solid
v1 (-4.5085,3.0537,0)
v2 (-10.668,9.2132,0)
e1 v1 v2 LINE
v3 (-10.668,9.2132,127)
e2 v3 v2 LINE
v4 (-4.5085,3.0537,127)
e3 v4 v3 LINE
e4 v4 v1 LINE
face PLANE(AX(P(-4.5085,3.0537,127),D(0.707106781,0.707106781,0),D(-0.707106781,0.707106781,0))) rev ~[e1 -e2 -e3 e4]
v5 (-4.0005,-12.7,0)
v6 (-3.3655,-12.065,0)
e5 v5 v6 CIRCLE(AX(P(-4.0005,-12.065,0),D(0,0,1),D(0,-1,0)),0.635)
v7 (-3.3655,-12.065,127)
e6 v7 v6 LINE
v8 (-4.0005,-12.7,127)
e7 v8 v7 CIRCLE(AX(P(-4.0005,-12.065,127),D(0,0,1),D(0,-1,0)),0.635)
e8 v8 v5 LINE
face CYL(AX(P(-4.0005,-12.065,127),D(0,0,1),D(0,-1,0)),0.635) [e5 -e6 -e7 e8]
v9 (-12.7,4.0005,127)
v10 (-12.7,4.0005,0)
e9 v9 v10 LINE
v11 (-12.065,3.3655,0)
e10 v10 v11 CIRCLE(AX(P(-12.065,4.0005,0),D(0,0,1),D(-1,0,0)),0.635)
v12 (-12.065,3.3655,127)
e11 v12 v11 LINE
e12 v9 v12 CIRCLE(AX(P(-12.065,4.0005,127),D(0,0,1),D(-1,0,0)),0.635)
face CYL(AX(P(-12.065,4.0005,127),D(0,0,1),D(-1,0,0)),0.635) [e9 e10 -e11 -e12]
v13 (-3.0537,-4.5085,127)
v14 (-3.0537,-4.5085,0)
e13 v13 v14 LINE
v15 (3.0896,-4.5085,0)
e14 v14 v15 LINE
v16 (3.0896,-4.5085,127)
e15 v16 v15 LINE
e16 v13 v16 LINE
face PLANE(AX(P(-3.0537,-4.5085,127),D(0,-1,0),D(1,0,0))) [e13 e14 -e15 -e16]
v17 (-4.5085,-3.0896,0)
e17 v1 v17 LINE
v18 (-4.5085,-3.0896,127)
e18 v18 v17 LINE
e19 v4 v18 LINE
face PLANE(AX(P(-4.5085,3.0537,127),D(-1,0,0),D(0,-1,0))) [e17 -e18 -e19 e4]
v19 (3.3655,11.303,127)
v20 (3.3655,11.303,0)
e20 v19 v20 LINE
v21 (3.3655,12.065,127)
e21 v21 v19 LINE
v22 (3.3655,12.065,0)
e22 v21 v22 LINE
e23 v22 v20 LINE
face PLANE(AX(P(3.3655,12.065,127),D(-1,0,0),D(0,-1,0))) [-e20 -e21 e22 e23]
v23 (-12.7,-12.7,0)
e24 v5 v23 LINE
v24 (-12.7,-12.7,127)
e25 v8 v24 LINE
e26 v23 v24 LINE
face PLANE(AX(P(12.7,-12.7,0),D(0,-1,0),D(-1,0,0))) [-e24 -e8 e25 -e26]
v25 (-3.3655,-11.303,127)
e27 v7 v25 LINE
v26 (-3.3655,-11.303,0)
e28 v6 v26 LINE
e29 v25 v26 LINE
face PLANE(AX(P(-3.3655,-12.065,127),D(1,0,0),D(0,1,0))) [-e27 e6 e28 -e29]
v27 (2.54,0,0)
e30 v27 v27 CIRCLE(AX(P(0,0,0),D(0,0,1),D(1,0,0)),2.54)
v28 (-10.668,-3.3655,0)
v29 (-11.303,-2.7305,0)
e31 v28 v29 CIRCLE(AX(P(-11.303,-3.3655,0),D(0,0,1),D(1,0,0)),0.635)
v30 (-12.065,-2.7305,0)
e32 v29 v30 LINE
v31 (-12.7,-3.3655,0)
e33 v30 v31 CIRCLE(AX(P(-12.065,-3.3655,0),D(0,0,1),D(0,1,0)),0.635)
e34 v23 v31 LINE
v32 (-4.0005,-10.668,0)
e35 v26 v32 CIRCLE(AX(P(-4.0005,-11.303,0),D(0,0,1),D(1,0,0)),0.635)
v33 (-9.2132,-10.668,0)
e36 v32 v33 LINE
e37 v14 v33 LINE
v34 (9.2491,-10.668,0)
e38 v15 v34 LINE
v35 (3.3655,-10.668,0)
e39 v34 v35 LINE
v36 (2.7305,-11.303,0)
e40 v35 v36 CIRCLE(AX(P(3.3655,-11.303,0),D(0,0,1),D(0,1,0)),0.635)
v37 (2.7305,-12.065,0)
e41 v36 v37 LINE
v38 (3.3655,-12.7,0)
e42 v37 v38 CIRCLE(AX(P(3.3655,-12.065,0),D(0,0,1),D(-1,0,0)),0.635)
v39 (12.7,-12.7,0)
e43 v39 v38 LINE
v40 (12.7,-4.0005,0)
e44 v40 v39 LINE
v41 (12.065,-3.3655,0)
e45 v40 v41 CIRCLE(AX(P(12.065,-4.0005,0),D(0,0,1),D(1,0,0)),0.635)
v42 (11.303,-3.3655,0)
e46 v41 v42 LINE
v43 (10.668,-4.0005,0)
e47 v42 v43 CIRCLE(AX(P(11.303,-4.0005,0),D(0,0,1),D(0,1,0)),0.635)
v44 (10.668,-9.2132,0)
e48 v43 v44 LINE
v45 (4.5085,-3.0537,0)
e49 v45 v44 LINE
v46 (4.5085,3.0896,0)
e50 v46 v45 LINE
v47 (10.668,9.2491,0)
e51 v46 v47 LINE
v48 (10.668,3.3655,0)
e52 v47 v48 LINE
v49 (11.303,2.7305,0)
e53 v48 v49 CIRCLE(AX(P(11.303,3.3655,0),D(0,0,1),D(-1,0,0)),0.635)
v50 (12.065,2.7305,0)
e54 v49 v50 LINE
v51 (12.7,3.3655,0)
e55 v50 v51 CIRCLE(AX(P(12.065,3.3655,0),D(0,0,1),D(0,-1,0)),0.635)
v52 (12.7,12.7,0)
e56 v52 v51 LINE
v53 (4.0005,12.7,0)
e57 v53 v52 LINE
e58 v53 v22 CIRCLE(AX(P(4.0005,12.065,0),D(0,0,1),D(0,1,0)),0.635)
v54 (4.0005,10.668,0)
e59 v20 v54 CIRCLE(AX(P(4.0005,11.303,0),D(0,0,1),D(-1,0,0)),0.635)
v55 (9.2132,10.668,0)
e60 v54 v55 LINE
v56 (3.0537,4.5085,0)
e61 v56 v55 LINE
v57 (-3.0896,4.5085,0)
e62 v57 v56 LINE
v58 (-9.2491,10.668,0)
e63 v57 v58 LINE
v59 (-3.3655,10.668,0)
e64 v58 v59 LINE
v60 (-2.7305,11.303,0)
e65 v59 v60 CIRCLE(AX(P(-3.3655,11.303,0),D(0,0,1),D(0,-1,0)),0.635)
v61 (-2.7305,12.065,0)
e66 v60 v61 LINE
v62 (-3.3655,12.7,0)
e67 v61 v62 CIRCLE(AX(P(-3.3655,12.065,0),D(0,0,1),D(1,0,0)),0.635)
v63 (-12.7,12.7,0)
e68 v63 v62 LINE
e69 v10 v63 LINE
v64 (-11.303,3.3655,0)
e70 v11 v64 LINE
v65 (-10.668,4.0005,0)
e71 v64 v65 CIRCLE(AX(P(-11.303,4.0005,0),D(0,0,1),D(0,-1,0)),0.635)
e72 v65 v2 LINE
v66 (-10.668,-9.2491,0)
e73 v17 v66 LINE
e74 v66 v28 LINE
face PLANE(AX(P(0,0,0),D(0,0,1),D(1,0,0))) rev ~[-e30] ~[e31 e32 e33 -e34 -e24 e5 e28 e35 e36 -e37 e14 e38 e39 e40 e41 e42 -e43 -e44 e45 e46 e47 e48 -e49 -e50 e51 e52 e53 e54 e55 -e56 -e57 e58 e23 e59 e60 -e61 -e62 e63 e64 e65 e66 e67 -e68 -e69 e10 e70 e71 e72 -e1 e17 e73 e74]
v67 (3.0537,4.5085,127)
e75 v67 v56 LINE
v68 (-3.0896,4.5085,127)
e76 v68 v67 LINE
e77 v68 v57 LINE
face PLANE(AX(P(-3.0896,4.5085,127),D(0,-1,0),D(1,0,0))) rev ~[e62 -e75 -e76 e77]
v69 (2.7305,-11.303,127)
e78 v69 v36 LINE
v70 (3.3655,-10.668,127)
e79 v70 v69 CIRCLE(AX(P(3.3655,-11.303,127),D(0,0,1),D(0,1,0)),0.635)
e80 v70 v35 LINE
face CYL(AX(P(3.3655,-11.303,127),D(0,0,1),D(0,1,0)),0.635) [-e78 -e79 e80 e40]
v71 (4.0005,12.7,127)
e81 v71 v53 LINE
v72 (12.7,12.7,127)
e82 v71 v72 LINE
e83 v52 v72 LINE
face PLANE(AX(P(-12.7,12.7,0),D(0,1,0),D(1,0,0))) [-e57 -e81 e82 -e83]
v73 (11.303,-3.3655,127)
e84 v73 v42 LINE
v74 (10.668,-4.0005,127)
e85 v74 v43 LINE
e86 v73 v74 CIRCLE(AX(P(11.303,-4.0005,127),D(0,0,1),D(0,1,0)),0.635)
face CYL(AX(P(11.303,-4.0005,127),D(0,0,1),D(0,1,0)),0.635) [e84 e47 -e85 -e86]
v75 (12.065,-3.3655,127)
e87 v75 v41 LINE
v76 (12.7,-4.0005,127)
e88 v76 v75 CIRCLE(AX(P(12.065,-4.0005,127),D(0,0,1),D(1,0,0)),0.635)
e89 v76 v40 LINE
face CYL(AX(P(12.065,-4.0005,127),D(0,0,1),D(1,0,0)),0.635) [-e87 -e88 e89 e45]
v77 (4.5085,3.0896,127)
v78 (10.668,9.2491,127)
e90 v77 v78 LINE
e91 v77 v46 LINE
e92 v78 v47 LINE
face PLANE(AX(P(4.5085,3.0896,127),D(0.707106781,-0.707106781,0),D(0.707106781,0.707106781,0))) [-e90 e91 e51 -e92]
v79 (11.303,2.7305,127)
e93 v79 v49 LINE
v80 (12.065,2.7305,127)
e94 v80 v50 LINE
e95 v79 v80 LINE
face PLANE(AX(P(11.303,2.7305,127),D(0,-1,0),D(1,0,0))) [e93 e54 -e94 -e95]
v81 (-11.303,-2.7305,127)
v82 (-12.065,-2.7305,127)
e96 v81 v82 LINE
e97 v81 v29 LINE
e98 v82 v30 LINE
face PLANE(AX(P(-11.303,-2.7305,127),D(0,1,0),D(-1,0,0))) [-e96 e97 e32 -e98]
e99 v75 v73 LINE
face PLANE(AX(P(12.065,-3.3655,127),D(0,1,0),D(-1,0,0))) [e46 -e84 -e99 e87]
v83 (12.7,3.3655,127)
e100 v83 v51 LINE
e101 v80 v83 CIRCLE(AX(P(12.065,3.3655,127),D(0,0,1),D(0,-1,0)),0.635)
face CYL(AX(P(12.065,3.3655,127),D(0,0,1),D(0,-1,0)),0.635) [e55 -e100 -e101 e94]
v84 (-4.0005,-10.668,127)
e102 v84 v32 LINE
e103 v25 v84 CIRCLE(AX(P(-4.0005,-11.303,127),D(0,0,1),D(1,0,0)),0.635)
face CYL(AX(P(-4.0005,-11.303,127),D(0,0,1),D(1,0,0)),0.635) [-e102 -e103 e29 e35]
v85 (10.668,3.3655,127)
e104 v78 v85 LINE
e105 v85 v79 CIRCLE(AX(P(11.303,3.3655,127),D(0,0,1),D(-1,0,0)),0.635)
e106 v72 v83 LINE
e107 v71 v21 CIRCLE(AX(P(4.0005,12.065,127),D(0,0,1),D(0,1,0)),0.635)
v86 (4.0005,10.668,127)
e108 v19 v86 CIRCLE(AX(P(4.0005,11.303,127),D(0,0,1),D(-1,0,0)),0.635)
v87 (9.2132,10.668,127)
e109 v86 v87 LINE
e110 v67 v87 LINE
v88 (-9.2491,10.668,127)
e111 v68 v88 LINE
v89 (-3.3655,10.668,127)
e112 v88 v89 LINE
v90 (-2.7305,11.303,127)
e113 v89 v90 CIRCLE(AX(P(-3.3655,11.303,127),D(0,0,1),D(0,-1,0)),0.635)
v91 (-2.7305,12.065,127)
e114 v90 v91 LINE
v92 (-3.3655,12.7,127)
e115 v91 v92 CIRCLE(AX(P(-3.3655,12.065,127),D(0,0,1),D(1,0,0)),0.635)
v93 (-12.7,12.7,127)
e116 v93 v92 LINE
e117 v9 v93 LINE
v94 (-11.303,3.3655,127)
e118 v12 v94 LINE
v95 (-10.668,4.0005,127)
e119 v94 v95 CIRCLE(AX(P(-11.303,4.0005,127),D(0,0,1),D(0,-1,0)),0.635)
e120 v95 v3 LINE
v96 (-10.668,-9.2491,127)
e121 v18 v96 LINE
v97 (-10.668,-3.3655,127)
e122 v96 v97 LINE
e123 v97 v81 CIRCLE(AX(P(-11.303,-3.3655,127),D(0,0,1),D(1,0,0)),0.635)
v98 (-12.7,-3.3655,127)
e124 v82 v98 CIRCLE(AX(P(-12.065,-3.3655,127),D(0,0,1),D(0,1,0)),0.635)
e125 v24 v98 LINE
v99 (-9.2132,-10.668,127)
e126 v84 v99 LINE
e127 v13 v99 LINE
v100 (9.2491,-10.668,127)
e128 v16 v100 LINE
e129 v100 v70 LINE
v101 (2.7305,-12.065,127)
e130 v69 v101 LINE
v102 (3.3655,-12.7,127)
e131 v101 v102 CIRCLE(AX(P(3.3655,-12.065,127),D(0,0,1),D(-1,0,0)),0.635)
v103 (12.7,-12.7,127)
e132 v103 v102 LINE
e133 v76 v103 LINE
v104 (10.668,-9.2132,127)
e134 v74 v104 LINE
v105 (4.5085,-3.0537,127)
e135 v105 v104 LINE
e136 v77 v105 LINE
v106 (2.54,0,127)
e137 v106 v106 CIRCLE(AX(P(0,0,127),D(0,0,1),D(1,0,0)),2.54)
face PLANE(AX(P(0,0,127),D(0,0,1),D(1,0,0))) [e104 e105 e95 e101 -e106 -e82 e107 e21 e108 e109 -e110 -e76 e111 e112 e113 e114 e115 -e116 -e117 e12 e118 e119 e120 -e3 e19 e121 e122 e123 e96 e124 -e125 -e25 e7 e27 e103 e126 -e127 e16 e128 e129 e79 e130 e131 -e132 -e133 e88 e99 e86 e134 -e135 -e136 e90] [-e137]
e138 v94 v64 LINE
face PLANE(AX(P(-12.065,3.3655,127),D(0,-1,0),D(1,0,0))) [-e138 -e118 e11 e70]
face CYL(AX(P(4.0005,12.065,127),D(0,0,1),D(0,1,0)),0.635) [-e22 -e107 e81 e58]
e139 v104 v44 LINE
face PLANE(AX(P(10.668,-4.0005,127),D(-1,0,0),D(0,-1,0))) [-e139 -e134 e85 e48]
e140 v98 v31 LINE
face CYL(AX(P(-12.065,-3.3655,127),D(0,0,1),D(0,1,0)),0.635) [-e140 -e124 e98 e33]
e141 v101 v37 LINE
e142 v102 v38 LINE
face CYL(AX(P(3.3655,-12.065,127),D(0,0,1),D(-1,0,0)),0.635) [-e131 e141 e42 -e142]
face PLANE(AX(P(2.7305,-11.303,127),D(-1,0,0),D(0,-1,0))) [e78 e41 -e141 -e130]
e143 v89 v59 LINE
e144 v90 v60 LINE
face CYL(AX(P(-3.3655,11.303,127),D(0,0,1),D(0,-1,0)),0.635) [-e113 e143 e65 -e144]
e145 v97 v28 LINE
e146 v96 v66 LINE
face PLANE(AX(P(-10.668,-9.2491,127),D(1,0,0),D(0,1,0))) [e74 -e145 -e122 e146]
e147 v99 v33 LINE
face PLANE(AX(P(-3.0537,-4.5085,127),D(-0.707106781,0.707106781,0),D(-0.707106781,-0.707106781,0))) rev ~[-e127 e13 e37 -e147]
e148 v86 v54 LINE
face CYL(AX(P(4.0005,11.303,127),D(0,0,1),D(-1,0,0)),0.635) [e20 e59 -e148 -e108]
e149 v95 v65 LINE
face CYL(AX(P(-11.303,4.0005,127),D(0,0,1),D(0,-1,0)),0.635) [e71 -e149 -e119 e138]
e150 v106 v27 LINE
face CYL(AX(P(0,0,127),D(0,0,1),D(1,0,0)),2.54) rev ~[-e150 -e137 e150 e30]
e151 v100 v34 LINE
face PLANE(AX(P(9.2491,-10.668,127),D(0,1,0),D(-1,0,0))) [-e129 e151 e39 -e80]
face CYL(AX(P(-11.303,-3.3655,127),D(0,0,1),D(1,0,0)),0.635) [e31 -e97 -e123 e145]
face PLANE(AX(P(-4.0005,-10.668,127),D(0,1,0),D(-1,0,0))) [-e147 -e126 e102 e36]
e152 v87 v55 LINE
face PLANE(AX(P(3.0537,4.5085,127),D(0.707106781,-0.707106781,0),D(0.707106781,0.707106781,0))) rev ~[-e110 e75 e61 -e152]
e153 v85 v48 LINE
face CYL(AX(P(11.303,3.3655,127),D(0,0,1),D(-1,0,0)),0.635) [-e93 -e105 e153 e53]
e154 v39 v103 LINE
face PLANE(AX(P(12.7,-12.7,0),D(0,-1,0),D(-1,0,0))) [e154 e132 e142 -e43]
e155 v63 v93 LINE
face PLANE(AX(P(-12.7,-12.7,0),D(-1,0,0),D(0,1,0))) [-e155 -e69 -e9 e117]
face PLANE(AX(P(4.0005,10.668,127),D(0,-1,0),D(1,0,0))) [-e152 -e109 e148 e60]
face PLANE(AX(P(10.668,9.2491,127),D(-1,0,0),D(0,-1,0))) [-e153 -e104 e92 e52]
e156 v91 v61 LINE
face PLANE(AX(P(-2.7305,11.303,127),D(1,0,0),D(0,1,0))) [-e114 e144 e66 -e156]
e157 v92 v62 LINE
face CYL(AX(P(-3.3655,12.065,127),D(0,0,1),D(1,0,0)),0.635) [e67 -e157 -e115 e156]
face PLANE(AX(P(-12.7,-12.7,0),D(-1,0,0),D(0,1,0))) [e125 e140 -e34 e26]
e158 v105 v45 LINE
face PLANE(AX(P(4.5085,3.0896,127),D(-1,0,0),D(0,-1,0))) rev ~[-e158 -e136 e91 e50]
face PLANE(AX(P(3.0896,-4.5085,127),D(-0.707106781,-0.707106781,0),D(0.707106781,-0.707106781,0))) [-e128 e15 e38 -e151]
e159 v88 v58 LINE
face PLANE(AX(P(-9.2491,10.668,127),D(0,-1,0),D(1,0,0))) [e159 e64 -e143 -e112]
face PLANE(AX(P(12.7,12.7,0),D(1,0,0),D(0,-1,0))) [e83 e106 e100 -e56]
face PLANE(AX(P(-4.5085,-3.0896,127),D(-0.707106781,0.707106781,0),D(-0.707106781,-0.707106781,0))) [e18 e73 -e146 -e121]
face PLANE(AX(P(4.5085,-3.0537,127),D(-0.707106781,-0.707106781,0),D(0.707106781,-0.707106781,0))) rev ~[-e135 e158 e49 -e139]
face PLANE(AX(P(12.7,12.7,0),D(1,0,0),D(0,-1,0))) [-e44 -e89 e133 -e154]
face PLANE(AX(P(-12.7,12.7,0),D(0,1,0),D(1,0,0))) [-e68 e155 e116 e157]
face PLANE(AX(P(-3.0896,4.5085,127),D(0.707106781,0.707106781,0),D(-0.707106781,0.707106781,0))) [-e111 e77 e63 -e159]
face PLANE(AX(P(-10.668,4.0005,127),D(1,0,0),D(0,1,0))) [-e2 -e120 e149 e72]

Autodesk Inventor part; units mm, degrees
ref_plane "YZ Plane" through (0, 0, 0) normal (1, 0, 0) x (0, 1, 0)
ref_plane "XZ Plane" through (0, 0, 0) normal (0, 1, 0) x (-1, 0, 0)
ref_plane "XY Plane" through (0, 0, 0) normal (0, 0, 1) x (1, 0, 0)
sketch "Sketch1" plane through (0, 0, 0) normal (0, 0, 1) x (1, 0, 0)
  line L0 (-12.7, 12.7) -> (12.7, 12.7)
  line L1 (12.7, 12.7) -> (12.7, -12.7)
  line L2 (12.7, -12.7) -> (-12.7, -12.7)
  line L3 (-12.7, -12.7) -> (-12.7, 12.7)
  point P0 (0, 0)
  dimension "d0" = 25.4
  dimension "d1" = 25.4
  dimension "d2" = 12.7
  dimension "d3" = 12.7
extrude "Extrusion1" add sketch "Sketch1" along normal blind 127
sketch "Sketch2" plane through (0, 0, 127) normal (0, 0, 1) x (1, 0, 0)
  circle A0 centre (0, 0) radius 2.54
  line L0 (-4.5085, 4.5085) -> (4.5085, 4.5085)
  line L1 (-4.5085, -4.5085) -> (4.5085, -4.5085)
  line L2 (4.5085, 4.5085) -> (4.5085, -4.5085)
  line L3 (-4.5085, 4.5085) -> (-4.5085, -4.5085)
  line L4 (-3.0896, 4.5085) -> (-11.2811, 12.7)
  line L5 (-4.5085, 3.0537) -> (-12.7, 11.2452)
  line L6 (12.7, 12.7) -> (-12.7, 12.7) projected
  line L7 (-12.7, 12.7) -> (-12.7, 4.0005)
  line L8 (-10.668, 4.0005) -> (-10.668, 9.2132)
  line L9 (-9.2491, 10.668) -> (-3.3655, 10.668)
  line L10 (-12.7, 12.7) -> (-3.3655, 12.7)
  line L11 (-2.7305, 11.303) -> (-2.7305, 12.065)
  line L12 (-12.065, 3.3655) -> (-11.303, 3.3655)
  arc A1 (-12.7, 4.0005) -> (-12.065, 3.3655) centre (-12.065, 4.0005) ccw
  arc A2 (-11.303, 3.3655) -> (-10.668, 4.0005) centre (-11.303, 4.0005) ccw
  arc A3 (-3.3655, 10.668) -> (-2.7305, 11.303) centre (-3.3655, 11.303) ccw
  arc A4 (-2.7305, 12.065) -> (-3.3655, 12.7) centre (-3.3655, 12.065) ccw
  arc A5 (-3.3655, -11.303) -> (-4.0005, -10.668) centre (-4.0005, -11.303) ccw
  line L13 (-3.3655, -12.065) -> (-3.3655, -11.303)
  arc A6 (-4.0005, -12.7) -> (-3.3655, -12.065) centre (-4.0005, -12.065) ccw
  line L14 (-3.0537, -4.5085) -> (-11.2452, -12.7)
  line L15 (-10.668, -9.2491) -> (-10.668, -3.3655)
  line L16 (-4.5085, -3.0896) -> (-12.7, -11.2811)
  line L17 (-12.7, -12.7) -> (-12.7, -3.3655)
  arc A7 (-10.668, -3.3655) -> (-11.303, -2.7305) centre (-11.303, -3.3655) ccw
  line L18 (-11.303, -2.7305) -> (-12.065, -2.7305)
  arc A8 (-12.065, -2.7305) -> (-12.7, -3.3655) centre (-12.065, -3.3655) ccw
  line L19 (-4.0005, -10.668) -> (-9.2132, -10.668)
  line L20 (-12.7, -12.7) -> (-4.0005, -12.7)
  arc A9 (11.303, -3.3655) -> (10.668, -4.0005) centre (11.303, -4.0005) ccw
  line L21 (12.065, -3.3655) -> (11.303, -3.3655)
  arc A10 (12.7, -4.0005) -> (12.065, -3.3655) centre (12.065, -4.0005) ccw
  line L22 (4.5085, -3.0537) -> (12.7, -11.2452)
  line L23 (9.2491, -10.668) -> (3.3655, -10.668)
  line L24 (3.0896, -4.5085) -> (11.2811, -12.7)
  line L25 (12.7, -12.7) -> (3.3655, -12.7)
  arc A11 (3.3655, -10.668) -> (2.7305, -11.303) centre (3.3655, -11.303) ccw
  line L26 (2.7305, -11.303) -> (2.7305, -12.065)
  arc A12 (2.7305, -12.065) -> (3.3655, -12.7) centre (3.3655, -12.065) ccw
  line L27 (10.668, -4.0005) -> (10.668, -9.2132)
  line L28 (12.7, -12.7) -> (12.7, -4.0005)
  arc A13 (3.3655, 11.303) -> (4.0005, 10.668) centre (4.0005, 11.303) ccw
  line L29 (3.3655, 12.065) -> (3.3655, 11.303)
  arc A14 (4.0005, 12.7) -> (3.3655, 12.065) centre (4.0005, 12.065) ccw
  line L30 (3.0537, 4.5085) -> (11.2452, 12.7)
  line L31 (10.668, 9.2491) -> (10.668, 3.3655)
  line L32 (4.5085, 3.0896) -> (12.7, 11.2811)
  line L33 (12.7, 12.7) -> (12.7, 3.3655)
  arc A15 (10.668, 3.3655) -> (11.303, 2.7305) centre (11.303, 3.3655) ccw
  line L34 (11.303, 2.7305) -> (12.065, 2.7305)
  arc A16 (12.065, 2.7305) -> (12.7, 3.3655) centre (12.065, 3.3655) ccw
  line L35 (4.0005, 10.668) -> (9.2132, 10.668)
  line L36 (12.7, 12.7) -> (4.0005, 12.7)
  line L37 (-4.5085, 3.0537) -> (-4.5085, 4.5085)
  line L38 (-3.0896, 4.5085) -> (-4.5085, 4.5085)
  line L39 (-12.7, -12.7) -> (-4.0005, -12.7)
  line L40 (-4.0005, -10.668) -> (-9.2132, -10.668)
  line L41 (-10.668, -9.2491) -> (-10.668, -3.3655)
  line L42 (-12.7, -12.7) -> (-12.7, -3.3655)
  line L43 (-11.303, -2.7305) -> (-12.065, -2.7305)
  arc A17 (-10.668, -3.3655) -> (-11.303, -2.7305) centre (-11.303, -3.3655) ccw
  arc A18 (-12.065, -2.7305) -> (-12.7, -3.3655) centre (-12.065, -3.3655) ccw
  line L44 (-4.5085, -3.0896) -> (-4.5085, -4.5085)
  line L45 (-4.5085, -3.0896) -> (-12.7, -11.2811)
  line L46 (-3.0537, -4.5085) -> (-4.5085, -4.5085)
  line L47 (-3.0537, -4.5085) -> (-11.2452, -12.7)
  line L48 (-4.5085, -4.5085) -> (-4.5085, 4.5085)
  circle A19 centre (0, 0) radius 2.54
  line L49 (-4.5085, -4.5085) -> (4.5085, -4.5085)
  line L50 (-3.3655, -12.065) -> (-3.3655, -11.303)
  arc A20 (-4.0005, -12.7) -> (-3.3655, -12.065) centre (-4.0005, -12.065) ccw
  arc A21 (-3.3655, -11.303) -> (-4.0005, -10.668) centre (-4.0005, -11.303) ccw
  line L51 (12.7, -12.7) -> (12.7, -4.0005)
  line L52 (10.668, -4.0005) -> (10.668, -9.2132)
  line L53 (9.2491, -10.668) -> (3.3655, -10.668)
  line L54 (12.7, -12.7) -> (3.3655, -12.7)
  line L55 (2.7305, -11.303) -> (2.7305, -12.065)
  arc A22 (3.3655, -10.668) -> (2.7305, -11.303) centre (3.3655, -11.303) ccw
  arc A23 (2.7305, -12.065) -> (3.3655, -12.7) centre (3.3655, -12.065) ccw
  line L56 (3.0896, -4.5085) -> (4.5085, -4.5085)
  line L57 (3.0896, -4.5085) -> (11.2811, -12.7)
  line L58 (4.5085, -3.0537) -> (4.5085, -4.5085)
  line L59 (4.5085, -3.0537) -> (12.7, -11.2452)
  line L60 (4.5085, -4.5085) -> (-4.5085, -4.5085)
  circle A24 centre (0, 0) radius 2.54
  line L61 (4.5085, -4.5085) -> (4.5085, 4.5085)
  line L62 (12.065, -3.3655) -> (11.303, -3.3655)
  arc A25 (12.7, -4.0005) -> (12.065, -3.3655) centre (12.065, -4.0005) ccw
  arc A26 (11.303, -3.3655) -> (10.668, -4.0005) centre (11.303, -4.0005) ccw
  line L63 (12.7, 12.7) -> (4.0005, 12.7)
  line L64 (4.0005, 10.668) -> (9.2132, 10.668)
  line L65 (10.668, 9.2491) -> (10.668, 3.3655)
  line L66 (12.7, 12.7) -> (12.7, 3.3655)
  line L67 (11.303, 2.7305) -> (12.065, 2.7305)
  arc A27 (10.668, 3.3655) -> (11.303, 2.7305) centre (11.303, 3.3655) ccw
  arc A28 (12.065, 2.7305) -> (12.7, 3.3655) centre (12.065, 3.3655) ccw
  line L68 (4.5085, 3.0896) -> (4.5085, 4.5085)
  line L69 (4.5085, 3.0896) -> (12.7, 11.2811)
  line L70 (3.0537, 4.5085) -> (4.5085, 4.5085)
  line L71 (3.0537, 4.5085) -> (11.2452, 12.7)
  line L72 (4.5085, 4.5085) -> (4.5085, -4.5085)
  circle A29 centre (0, 0) radius 2.54
  line L73 (4.5085, 4.5085) -> (-4.5085, 4.5085)
  line L74 (3.3655, 12.065) -> (3.3655, 11.303)
  arc A30 (4.0005, 12.7) -> (3.3655, 12.065) centre (4.0005, 12.065) ccw
  arc A31 (3.3655, 11.303) -> (4.0005, 10.668) centre (4.0005, 11.303) ccw
  point P0 (-12.7, 3.3655)
  point P1 (-2.7305, 12.7)
  point P2 (-3.3655, -12.7)
  point P3 (-12.7, -2.7305)
  point P4 (12.7, -3.3655)
  point P5 (2.7305, -12.7)
  point P6 (3.3655, 12.7)
  point P7 (12.7, 2.7305)
  point P8 (-3.3655, -12.7)
  point P9 (-12.7, -2.7305)
  point P10 (12.7, -3.3655)
  point P11 (2.7305, -12.7)
  point P12 (3.3655, 12.7)
  point P13 (12.7, 2.7305)
  dimension "d6" = 5.08
  dimension "d7" = 9.017
  dimension "d8" = 4.5085
  dimension "d9" = 4.5085
  dimension "d10" = 4.5085
  dimension "d11" = 2.032
  dimension "d12" = 1.0033
  dimension "d13" = 135
  dimension "d17" = 9.3345
  dimension "d19" = 2.032
  dimension "d20" = 2.032
  dimension "d21" = 0.635
  dimension "d22" = 9.3345
  dimension "d25" = 360
  dimension "d29" = 360
extrude "Extrusion2" cut sketch "Sketch2" against normal blind 1219.2 contours L3 L5 L7 L6 L4 L0 | L0 L2 L1 L3 | L30 L6 L33 L32 L2 L0 | L4 L6 A4 L11 A3 L9 | L3 L1 L14 L20 L17 L16 | L8 A2 L12 A1 L7 L5 | L35 A13 L29 A14 L6 L30 | L16 L17 A8 L18 A7 L15 | L22 L28 L25 L24 L1 L2 | L32 L33 A16 L34 A15 L31 | L19 A5 L13 A6 L20 L14 | L27 A9 L21 A10 L28 L22 | L24 L25 A12 L26 A11 L23 keep common part
equation "\"d22\" = d17"
properties part number "5in 80-20 extrusion"
